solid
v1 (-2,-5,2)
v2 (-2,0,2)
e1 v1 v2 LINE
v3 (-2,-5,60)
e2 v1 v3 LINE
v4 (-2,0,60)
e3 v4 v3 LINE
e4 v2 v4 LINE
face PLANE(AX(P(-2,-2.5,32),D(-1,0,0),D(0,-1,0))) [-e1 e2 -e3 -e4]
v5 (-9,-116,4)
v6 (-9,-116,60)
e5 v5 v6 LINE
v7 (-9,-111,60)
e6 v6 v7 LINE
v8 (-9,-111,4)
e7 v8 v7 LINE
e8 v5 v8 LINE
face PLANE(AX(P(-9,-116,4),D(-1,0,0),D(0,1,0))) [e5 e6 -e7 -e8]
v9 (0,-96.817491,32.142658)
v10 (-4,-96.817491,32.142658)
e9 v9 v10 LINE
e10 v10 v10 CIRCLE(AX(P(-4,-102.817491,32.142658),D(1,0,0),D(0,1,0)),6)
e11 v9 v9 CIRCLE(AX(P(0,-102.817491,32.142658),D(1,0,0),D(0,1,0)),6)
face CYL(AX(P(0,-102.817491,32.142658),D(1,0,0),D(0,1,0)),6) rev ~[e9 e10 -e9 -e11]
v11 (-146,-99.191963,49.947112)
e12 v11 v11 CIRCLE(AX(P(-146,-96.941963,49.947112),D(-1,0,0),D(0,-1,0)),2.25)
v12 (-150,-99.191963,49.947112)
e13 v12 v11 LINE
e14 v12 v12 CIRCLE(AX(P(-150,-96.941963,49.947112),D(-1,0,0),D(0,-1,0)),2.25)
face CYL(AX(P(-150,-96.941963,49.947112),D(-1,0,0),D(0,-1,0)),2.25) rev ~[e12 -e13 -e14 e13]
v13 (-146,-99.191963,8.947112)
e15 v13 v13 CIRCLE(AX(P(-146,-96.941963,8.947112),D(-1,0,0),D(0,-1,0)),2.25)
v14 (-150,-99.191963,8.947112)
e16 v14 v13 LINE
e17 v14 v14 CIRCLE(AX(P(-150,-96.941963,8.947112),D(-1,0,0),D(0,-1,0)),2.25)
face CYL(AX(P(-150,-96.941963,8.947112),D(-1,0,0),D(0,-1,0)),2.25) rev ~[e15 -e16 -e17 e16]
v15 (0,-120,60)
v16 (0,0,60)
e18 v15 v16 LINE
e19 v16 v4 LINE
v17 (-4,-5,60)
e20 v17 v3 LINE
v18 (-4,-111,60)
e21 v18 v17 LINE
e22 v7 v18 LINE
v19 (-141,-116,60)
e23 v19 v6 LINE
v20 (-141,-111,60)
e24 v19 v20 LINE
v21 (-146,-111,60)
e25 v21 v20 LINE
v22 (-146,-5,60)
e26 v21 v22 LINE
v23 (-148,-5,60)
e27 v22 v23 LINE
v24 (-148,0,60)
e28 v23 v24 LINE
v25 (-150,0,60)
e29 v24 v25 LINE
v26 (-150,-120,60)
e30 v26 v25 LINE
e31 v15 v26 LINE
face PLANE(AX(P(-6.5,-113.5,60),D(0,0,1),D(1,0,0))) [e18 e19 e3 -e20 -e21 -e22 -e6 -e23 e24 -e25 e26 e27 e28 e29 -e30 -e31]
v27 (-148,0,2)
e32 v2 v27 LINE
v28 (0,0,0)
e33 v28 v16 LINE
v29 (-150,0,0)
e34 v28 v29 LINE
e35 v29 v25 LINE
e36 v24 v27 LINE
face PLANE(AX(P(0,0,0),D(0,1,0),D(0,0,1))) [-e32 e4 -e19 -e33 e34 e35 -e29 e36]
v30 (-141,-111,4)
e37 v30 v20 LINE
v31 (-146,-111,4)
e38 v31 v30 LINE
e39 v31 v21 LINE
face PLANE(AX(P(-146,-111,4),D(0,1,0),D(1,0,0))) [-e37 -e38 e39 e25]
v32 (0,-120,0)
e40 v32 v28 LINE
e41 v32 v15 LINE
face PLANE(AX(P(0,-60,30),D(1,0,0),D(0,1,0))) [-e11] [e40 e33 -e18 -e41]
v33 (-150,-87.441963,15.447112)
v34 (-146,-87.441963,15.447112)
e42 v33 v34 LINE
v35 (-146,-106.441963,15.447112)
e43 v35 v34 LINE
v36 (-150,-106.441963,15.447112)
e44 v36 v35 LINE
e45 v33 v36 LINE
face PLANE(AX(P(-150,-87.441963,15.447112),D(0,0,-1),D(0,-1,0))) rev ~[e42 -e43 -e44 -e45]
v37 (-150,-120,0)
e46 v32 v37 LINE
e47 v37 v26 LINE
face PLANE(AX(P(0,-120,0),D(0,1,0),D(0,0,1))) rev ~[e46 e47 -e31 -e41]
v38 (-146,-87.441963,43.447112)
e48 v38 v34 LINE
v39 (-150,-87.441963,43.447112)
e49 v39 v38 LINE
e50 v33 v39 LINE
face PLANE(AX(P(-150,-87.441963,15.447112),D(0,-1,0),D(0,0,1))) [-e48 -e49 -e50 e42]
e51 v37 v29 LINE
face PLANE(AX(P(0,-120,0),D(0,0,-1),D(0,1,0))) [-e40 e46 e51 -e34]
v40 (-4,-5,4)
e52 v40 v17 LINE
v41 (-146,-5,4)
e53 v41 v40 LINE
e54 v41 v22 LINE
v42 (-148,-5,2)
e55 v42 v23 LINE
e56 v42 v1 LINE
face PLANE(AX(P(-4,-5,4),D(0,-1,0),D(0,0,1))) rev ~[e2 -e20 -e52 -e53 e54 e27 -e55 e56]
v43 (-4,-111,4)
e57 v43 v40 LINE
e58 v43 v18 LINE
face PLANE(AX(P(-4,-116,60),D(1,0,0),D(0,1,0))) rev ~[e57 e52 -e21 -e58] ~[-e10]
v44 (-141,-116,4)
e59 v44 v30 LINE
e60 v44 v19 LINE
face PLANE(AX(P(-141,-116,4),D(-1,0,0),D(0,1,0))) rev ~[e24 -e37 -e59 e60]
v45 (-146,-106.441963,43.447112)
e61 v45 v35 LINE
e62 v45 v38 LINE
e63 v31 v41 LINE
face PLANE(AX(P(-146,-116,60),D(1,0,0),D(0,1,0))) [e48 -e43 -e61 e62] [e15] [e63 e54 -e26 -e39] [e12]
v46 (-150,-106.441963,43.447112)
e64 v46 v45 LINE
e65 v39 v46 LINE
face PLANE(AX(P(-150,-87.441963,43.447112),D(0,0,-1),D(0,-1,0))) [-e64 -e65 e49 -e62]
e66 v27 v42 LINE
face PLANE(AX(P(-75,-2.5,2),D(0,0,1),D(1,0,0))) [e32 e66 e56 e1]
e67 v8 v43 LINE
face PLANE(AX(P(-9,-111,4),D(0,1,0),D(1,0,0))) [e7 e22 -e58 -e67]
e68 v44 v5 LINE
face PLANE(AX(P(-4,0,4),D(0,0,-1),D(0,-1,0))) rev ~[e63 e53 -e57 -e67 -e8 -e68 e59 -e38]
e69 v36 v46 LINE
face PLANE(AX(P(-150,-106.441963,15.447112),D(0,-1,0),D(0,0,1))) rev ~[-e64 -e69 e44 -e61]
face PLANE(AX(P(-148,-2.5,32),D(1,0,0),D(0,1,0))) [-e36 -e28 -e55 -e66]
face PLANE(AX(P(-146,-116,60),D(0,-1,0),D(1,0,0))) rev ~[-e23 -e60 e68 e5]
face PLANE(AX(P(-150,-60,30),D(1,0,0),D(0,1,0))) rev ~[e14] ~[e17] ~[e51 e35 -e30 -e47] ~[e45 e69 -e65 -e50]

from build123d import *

# Parameters (mm, degrees)
F0_W      = 120
F0_H      = 60
F0_R      = 6
F1_DEPTH  = 150
F2_W      = 142
F2_H      = 116
F3_DEPTH  = 56
F4_W      = 5
F4_H      = 56
F5_DEPTH  = 2
F6_W      = 5
F6_H      = 56
F7_DEPTH  = 2
F9_DEPTH  = 2
F10_R     = 2.25
F11_DEPTH = 11.6
F10_W     = 19
F10_H     = 28
F12_DEPTH = 25
F13_DEPTH = 25
F15_DEPTH = 20
F14_W     = 5
F14_H     = 5
F16_DEPTH = 56


with BuildPart() as f1:
    # F0 (on Right) → F1 (new body)
    with BuildSketch(Plane.YZ):
        with Locations((-60, 30)):
            Rectangle(F0_W, F0_H)
        with Locations((-102.817491, 32.142658)):
            Circle(F0_R, mode=Mode.SUBTRACT)
        with Locations((-102.817491, 32.142658)):
            Circle(F0_R)
    extrude(amount=-F1_DEPTH)

    # F2 (on face) → F3 (cut)
    with BuildSketch(Plane.XY.offset(60)):
        with Locations((-75, -58)):
            Rectangle(F2_W, F2_H)
    extrude(amount=-F3_DEPTH, mode=Mode.SUBTRACT)

    # F4 (on face) → F5 (cut)
    with BuildSketch(Plane(origin=(-4, 0, 0), x_dir=(0, -1, 0), z_dir=(-1, 0, 0))):
        with Locations((2.5, 32)):
            Rectangle(F4_W, F4_H)
    extrude(amount=-F5_DEPTH, mode=Mode.SUBTRACT)

    # F6 (on face) → F7 (cut)
    with BuildSketch(Plane.YZ.offset(-146)):
        with Locations((-2.5, 32)):
            Rectangle(F6_W, F6_H)
    extrude(amount=-F7_DEPTH, mode=Mode.SUBTRACT)

    # F8 (on face) → F9 (cut)
    with BuildSketch(Plane.XY.offset(4)):
        Polygon((-4, -5), (-2, -5), (-2, 0), (-148, 0), (-148, -5), (-146, -5), align=None)
    extrude(amount=-F9_DEPTH, mode=Mode.SUBTRACT)

    # F10 (on face) → F11 (cut)
    with BuildSketch(Plane(origin=(-150, 0, 0), x_dir=(0, -1, 0), z_dir=(-1, 0, 0))):
        with Locations((96.941963, 49.947112)):
            Circle(F10_R)
    extrude(amount=-F11_DEPTH, mode=Mode.SUBTRACT)

    # F10 (on face) → F12 (cut)
    with BuildSketch(Plane(origin=(-150, 0, 0), x_dir=(0, -1, 0), z_dir=(-1, 0, 0))):
        with Locations((96.941963, 29.447112)):
            Rectangle(F10_W, F10_H)
    extrude(amount=-F12_DEPTH, mode=Mode.SUBTRACT)

    # F10 (on face) → F13 (cut)
    with BuildSketch(Plane(origin=(-150, 0, 0), x_dir=(0, -1, 0), z_dir=(-1, 0, 0))):
        with Locations((96.941963, 8.947112)):
            Circle(F10_R)
    extrude(amount=-F13_DEPTH, mode=Mode.SUBTRACT)

    # F0 (on Right) → F15 (cut)
    with BuildSketch(Plane.YZ):
        with Locations((-102.817491, 32.142658)):
            Circle(F0_R)
    extrude(amount=-F15_DEPTH, mode=Mode.SUBTRACT)

    # F14 (on face) → F16 (join)
    with BuildSketch(Plane.XY.offset(4)):
        with Locations((-6.5, -113.5)):
            Rectangle(F14_W, F14_H)
        with Locations((-143.5, -113.5)):
            Rectangle(F14_W, F14_H)
    extrude(amount=F16_DEPTH)


solid = f1.part
